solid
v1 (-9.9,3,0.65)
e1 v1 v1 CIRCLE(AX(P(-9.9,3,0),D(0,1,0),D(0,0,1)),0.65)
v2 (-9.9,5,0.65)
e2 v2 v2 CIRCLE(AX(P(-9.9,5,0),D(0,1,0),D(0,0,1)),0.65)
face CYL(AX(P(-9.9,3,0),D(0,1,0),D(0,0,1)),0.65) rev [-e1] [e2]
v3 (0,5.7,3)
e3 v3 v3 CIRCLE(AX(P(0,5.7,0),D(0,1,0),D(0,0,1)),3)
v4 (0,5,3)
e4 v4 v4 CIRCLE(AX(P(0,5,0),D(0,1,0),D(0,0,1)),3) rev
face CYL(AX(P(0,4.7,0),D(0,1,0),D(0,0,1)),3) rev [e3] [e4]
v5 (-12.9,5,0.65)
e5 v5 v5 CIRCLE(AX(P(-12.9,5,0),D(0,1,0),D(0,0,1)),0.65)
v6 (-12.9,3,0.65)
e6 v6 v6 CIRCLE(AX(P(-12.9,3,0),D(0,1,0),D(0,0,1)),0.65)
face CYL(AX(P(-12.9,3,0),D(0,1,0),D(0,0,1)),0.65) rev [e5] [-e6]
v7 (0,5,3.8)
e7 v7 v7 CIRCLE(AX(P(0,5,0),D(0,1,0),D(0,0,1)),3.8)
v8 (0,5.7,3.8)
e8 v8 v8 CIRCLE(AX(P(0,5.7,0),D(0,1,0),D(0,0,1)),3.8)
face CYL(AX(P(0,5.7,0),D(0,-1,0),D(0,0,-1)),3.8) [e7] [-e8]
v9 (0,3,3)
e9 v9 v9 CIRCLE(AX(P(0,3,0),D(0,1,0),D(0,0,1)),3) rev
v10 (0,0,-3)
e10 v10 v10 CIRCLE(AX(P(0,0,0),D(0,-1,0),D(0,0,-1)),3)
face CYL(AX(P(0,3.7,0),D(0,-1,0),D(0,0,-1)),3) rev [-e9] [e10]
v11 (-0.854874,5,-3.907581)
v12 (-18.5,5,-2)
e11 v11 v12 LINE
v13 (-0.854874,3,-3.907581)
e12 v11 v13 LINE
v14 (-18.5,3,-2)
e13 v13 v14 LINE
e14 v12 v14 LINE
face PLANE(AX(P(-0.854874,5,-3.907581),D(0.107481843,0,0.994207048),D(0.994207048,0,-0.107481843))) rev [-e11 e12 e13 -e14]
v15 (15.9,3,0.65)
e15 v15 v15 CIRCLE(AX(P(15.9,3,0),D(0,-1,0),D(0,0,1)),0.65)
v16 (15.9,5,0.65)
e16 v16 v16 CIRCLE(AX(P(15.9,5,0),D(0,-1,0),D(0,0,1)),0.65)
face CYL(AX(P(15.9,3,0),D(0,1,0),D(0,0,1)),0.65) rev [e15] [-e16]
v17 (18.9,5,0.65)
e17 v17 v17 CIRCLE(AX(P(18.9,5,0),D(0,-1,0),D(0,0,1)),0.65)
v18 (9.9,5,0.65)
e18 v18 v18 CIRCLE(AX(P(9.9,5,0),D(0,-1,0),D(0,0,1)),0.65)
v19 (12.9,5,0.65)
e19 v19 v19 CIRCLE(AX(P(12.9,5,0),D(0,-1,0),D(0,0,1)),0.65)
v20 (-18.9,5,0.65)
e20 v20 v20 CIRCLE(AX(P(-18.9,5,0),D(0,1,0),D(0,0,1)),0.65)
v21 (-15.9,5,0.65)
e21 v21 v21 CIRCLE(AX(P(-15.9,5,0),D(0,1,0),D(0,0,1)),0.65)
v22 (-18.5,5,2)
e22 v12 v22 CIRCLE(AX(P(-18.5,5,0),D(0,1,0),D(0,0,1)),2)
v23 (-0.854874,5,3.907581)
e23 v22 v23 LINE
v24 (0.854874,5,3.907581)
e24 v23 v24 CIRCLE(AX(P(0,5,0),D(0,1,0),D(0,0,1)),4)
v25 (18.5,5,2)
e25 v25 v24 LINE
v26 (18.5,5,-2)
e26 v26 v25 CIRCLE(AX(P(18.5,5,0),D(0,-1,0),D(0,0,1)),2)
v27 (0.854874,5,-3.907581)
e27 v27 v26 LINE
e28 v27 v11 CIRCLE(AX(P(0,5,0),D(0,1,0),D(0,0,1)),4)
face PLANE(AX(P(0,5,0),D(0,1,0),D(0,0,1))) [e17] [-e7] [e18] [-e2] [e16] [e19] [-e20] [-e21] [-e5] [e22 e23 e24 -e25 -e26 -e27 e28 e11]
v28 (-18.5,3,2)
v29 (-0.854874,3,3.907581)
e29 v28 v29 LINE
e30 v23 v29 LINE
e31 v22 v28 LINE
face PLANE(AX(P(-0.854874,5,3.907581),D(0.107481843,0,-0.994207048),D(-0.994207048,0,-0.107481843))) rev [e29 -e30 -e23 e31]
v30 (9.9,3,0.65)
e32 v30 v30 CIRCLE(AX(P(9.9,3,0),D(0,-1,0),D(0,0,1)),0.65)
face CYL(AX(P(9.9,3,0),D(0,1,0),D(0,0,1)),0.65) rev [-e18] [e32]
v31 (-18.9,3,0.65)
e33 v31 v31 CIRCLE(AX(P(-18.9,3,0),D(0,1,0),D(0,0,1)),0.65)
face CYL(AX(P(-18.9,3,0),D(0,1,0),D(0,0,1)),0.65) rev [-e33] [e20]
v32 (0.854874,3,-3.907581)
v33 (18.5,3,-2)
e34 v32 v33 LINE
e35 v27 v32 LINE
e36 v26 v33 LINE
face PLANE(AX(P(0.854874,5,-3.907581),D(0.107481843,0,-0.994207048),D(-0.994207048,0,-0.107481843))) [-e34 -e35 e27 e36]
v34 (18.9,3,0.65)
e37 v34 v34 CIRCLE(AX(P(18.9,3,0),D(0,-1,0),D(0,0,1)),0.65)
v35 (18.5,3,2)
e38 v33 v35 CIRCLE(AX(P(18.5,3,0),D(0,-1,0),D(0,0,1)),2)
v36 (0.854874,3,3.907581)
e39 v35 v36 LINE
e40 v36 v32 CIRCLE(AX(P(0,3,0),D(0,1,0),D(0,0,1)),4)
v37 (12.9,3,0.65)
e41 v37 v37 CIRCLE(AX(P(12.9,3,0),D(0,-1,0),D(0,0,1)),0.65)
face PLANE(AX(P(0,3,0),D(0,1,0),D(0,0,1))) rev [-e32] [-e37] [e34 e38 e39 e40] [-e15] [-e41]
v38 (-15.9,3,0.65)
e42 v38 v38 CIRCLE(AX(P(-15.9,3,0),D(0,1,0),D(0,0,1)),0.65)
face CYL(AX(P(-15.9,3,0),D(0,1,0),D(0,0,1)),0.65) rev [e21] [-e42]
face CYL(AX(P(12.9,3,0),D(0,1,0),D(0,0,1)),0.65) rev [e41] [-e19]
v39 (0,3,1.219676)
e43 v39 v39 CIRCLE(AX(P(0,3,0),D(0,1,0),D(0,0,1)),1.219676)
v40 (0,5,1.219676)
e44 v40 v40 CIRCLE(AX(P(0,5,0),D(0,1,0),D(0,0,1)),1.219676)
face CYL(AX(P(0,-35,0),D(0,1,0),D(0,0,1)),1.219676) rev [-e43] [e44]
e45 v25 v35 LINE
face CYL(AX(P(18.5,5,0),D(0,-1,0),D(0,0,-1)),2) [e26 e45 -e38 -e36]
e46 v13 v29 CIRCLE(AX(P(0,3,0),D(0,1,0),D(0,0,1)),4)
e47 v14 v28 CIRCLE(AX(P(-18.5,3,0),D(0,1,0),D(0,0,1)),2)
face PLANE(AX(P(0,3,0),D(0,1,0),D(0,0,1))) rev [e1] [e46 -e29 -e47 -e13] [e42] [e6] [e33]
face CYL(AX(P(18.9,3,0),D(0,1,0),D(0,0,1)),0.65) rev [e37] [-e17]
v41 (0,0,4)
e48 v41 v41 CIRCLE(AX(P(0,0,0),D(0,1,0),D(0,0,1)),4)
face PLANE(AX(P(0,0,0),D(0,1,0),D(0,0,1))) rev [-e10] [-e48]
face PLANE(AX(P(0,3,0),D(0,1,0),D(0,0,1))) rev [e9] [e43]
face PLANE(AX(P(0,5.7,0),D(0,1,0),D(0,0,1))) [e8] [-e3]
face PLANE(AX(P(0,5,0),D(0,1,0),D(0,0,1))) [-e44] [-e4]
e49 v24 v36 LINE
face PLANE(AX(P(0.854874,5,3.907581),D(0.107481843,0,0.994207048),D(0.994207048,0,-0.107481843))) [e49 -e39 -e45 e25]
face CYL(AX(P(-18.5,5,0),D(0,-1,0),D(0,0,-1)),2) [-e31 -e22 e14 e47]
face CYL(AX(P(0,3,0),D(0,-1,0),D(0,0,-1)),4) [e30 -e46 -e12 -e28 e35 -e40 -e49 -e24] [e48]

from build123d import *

# Parameters (mm, degrees)
SKETCH1_R      = 4
EXTRUDE1_DEPTH = 3
EXTRUDE3_DEPTH = 2
SKETCH3_R      = 0.65
EXTRUDE4_DEPTH = 2
SKETCH4_R      = 3.8
EXTRUDE5_DEPTH = 0.7
SKETCH5_R      = 3
EXTRUDE6_DEPTH = 1
SKETCH6_R      = 3
EXTRUDE7_DEPTH = 3.7
SKETCH7_R      = 1.219675703
EXTRUDE8_DEPTH = 40


with BuildPart() as part:
    # Sketch1 → Extrude1 (new body)
    with BuildSketch(Plane(origin=(0, 0, 0), x_dir=(1, 0, 0), z_dir=(0, 1, 0))):
        with Locations(Location((0, 0, 0), (0, 0, 270))):  # turned: the seam where the file's is
            Circle(SKETCH1_R)
    extrude(amount=EXTRUDE1_DEPTH)

    # Sketch2 → Extrude3 (add)
    with BuildSketch(Plane(origin=(0, 3, 0), x_dir=(1, 0, 0), z_dir=(0, 1, 0))):
        with BuildLine():
            Line((-0.854873646, 3.907581227), (-18.5, 2))
            ThreePointArc((-18.5, 2), (-20.5, 0), (-18.5, -2))
            Line((-18.5, -2), (-0.854873646, -3.907581227))
            ThreePointArc((-0.854873646, -3.907581227), (4, 0), (-0.854873646, 3.907581227))
        make_face()
    extrude3 = extrude(amount=EXTRUDE3_DEPTH)

    # Sketch3 → Extrude4 (cut)
    with BuildSketch(Plane(origin=(0, 5, 0), x_dir=(1, 0, 0), z_dir=(0, 1, 0))):
        with Locations(Location((-9.9, 0, 0), (0, 0, 270))):  # turned: the seam where the file's is
            Circle(SKETCH3_R)
        with Locations(Location((-12.9, 0, 0), (0, 0, 270))):  # turned: the seam where the file's is
            Circle(SKETCH3_R)
        with Locations(Location((-15.9, 0, 0), (0, 0, 270))):  # turned: the seam where the file's is
            Circle(SKETCH3_R)
        with Locations(Location((-18.9, 0, 0), (0, 0, 270))):  # turned: the seam where the file's is
            Circle(SKETCH3_R)
    extrude4 = extrude(amount=-EXTRUDE4_DEPTH, mode=Mode.SUBTRACT)

    # Sketch4 → Extrude5 (add)
    with BuildSketch(Plane(origin=(0, 5, 0), x_dir=(-1, 0, 0), z_dir=(0, 1, 0))):
        with Locations(Location((0, 0, 0), (0, 0, 90))):  # turned: the seam where the file's is
            Circle(SKETCH4_R)
    extrude(amount=EXTRUDE5_DEPTH)

    # Sketch5 → Extrude6 (cut)
    with BuildSketch(Plane(origin=(0, 5.7, 0), x_dir=(1, 0, 0), z_dir=(0, 1, 0))):
        with Locations(Location((0, 0, 0), (0, 0, 270))):  # turned: the seam where the file's is
            Circle(SKETCH5_R)
    extrude(amount=-EXTRUDE6_DEPTH, mode=Mode.SUBTRACT)

    # Sketch6 → Extrude7 (cut)
    with BuildSketch(Plane.XZ):
        with Locations(Location((0, 0, 0), (0, 0, 90))):  # turned: the seam where the file's is
            Circle(SKETCH6_R)
    extrude(amount=-EXTRUDE7_DEPTH, mode=Mode.SUBTRACT)

    # Mirror1: Extrude3, Extrude4 across plane
    add(extrude3.mirror(Plane(origin=(0, 0, 0), x_dir=(0, 0, 1), z_dir=(1, 0, 0))))
    add(extrude4.mirror(Plane(origin=(0, 0, 0), x_dir=(0, 0, 1), z_dir=(1, 0, 0))), mode=Mode.SUBTRACT)

    # Sketch7 → Extrude8 (cut)
    with BuildSketch(Plane(origin=(0, 5, 0), x_dir=(1, 0, 0), z_dir=(0, 1, 0))):
        with Locations(Location((0, 0, 0), (0, 0, 270))):  # turned: the seam where the file's is
            Circle(SKETCH7_R)
    extrude(amount=-EXTRUDE8_DEPTH, mode=Mode.SUBTRACT)


solid = part.part
